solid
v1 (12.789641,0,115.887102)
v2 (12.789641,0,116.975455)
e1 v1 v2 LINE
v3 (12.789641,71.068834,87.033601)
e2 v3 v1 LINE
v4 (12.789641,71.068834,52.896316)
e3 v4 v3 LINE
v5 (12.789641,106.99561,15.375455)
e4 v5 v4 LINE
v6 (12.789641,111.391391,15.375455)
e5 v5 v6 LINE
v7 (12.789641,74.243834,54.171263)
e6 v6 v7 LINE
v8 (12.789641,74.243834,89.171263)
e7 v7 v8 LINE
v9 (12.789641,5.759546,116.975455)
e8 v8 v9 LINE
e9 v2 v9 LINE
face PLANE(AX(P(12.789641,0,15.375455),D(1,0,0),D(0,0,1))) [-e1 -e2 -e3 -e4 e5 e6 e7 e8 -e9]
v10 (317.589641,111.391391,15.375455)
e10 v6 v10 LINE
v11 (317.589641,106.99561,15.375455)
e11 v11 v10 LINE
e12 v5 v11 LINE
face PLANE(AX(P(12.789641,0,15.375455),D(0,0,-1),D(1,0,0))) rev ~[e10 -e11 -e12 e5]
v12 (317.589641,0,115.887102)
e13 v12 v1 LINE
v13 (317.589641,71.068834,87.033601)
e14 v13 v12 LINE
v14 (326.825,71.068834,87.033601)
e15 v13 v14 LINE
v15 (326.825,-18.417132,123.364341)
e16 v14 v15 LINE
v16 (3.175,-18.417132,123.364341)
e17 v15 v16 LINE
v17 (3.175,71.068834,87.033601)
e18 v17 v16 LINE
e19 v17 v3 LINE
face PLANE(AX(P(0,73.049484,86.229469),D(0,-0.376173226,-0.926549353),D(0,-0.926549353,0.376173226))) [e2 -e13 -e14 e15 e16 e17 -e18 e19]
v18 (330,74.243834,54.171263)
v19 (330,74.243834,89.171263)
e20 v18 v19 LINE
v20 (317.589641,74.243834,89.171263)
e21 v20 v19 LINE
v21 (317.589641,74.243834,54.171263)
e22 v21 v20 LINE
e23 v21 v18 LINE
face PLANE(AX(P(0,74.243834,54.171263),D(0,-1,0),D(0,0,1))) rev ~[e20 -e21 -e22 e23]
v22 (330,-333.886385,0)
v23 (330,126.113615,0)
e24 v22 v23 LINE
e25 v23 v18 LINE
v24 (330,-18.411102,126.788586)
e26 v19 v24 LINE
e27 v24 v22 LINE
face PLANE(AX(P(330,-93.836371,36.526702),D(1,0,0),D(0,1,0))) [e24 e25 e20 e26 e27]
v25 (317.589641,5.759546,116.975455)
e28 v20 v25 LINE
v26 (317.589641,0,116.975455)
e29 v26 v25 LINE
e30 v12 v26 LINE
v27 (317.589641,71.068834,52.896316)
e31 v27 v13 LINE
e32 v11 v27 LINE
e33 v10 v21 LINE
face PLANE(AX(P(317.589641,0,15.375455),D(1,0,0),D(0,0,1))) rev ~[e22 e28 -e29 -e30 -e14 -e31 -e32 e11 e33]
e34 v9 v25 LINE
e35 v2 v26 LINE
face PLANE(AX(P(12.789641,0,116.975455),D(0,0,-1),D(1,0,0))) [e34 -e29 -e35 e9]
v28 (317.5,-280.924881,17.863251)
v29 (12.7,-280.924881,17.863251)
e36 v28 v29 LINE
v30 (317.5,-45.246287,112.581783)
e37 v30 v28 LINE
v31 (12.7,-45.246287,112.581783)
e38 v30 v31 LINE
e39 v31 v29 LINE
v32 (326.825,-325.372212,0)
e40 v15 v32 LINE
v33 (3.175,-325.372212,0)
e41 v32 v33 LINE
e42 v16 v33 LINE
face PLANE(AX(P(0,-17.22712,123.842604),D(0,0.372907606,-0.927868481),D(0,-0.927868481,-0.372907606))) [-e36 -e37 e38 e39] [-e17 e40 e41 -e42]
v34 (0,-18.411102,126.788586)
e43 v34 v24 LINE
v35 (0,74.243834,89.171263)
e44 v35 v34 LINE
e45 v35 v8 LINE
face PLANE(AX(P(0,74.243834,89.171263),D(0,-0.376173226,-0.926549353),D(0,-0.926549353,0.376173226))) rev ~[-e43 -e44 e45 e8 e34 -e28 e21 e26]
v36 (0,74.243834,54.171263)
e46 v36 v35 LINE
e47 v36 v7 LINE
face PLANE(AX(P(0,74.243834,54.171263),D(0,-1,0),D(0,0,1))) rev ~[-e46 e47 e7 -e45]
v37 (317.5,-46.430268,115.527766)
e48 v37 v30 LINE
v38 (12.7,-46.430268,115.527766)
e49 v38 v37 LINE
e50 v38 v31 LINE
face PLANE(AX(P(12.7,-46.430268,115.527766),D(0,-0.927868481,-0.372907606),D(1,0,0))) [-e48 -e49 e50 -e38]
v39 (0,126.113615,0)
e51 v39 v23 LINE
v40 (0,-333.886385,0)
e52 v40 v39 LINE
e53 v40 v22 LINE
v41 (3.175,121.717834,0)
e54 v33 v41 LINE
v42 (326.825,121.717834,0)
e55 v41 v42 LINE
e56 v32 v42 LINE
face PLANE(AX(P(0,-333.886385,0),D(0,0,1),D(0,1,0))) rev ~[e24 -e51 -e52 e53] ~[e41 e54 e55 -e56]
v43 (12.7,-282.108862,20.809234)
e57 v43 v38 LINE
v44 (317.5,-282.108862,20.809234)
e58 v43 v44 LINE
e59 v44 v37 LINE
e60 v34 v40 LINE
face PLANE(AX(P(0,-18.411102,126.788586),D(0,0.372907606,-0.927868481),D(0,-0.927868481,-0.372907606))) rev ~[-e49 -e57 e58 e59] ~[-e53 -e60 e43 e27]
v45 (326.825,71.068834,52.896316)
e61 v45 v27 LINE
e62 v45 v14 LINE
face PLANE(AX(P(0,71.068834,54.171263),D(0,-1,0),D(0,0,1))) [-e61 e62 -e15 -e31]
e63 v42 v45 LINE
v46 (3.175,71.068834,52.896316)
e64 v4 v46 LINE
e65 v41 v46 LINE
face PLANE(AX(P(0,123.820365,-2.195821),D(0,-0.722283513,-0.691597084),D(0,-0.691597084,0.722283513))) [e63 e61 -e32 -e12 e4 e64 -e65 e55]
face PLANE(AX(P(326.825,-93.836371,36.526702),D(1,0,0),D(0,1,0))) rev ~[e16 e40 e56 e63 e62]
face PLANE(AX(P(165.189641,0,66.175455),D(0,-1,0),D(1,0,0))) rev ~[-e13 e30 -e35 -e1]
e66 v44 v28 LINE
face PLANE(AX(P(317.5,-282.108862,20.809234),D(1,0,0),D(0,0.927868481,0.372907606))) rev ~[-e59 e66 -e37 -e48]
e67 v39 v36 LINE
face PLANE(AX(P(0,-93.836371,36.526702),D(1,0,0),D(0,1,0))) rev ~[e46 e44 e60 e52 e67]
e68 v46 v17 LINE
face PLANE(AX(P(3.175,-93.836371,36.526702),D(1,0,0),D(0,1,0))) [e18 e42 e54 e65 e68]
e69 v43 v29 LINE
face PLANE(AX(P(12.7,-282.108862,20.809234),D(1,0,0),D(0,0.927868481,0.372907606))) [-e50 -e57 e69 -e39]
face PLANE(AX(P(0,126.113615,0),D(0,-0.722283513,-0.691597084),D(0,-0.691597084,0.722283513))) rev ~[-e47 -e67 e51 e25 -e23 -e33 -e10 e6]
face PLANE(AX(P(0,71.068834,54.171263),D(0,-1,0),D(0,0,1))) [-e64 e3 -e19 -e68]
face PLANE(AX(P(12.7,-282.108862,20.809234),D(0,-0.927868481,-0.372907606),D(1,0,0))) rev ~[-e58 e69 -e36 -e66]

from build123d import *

# Parameters (mm, degrees)
F1_DEPTH = 330
F2_T     = -3.175
F3_W     = 304.8
F3_H     = 101.6
F4_DEPTH = 254
F5_W     = 304.8
F5_H     = 254
F6_DEPTH = 25.4


with BuildPart() as f1:
    # F0 (on Right) → F1 (new body)
    with BuildSketch(Plane.YZ):
        Polygon((-18.4111015737, 126.7885861181), (-333.886384964, 0), (126.113615036, 0), (74.243833744, 54.1712634957), (74.243833744, 89.1712634957), align=None)
    extrude(amount=F1_DEPTH)

    # F2
    f2_openings = [f1.faces().sort_by_distance(p)[0] for p in [
        (165, -103.886385, 0),
    ]]
    offset(amount=F2_T, openings=f2_openings, kind=Kind.INTERSECTION)

    # F3 (on Front) → F4 (cut)
    with BuildSketch(Plane.XZ):
        with Locations((165.1896406174, 66.1754549101)):
            Rectangle(F3_W, F3_H)
    extrude(amount=-F4_DEPTH, mode=Mode.SUBTRACT)

    # F5 (on face) → F6 (cut)
    with BuildSketch(Plane(origin=(0, -46.4302683335, 115.5277656205), x_dir=(1, 0, 0), z_dir=(0, -0.3729076062, 0.9278684806))):
        with Locations((165.1, -127)):
            Rectangle(F5_W, F5_H)
    extrude(amount=-F6_DEPTH, mode=Mode.SUBTRACT)


solid = f1.part
